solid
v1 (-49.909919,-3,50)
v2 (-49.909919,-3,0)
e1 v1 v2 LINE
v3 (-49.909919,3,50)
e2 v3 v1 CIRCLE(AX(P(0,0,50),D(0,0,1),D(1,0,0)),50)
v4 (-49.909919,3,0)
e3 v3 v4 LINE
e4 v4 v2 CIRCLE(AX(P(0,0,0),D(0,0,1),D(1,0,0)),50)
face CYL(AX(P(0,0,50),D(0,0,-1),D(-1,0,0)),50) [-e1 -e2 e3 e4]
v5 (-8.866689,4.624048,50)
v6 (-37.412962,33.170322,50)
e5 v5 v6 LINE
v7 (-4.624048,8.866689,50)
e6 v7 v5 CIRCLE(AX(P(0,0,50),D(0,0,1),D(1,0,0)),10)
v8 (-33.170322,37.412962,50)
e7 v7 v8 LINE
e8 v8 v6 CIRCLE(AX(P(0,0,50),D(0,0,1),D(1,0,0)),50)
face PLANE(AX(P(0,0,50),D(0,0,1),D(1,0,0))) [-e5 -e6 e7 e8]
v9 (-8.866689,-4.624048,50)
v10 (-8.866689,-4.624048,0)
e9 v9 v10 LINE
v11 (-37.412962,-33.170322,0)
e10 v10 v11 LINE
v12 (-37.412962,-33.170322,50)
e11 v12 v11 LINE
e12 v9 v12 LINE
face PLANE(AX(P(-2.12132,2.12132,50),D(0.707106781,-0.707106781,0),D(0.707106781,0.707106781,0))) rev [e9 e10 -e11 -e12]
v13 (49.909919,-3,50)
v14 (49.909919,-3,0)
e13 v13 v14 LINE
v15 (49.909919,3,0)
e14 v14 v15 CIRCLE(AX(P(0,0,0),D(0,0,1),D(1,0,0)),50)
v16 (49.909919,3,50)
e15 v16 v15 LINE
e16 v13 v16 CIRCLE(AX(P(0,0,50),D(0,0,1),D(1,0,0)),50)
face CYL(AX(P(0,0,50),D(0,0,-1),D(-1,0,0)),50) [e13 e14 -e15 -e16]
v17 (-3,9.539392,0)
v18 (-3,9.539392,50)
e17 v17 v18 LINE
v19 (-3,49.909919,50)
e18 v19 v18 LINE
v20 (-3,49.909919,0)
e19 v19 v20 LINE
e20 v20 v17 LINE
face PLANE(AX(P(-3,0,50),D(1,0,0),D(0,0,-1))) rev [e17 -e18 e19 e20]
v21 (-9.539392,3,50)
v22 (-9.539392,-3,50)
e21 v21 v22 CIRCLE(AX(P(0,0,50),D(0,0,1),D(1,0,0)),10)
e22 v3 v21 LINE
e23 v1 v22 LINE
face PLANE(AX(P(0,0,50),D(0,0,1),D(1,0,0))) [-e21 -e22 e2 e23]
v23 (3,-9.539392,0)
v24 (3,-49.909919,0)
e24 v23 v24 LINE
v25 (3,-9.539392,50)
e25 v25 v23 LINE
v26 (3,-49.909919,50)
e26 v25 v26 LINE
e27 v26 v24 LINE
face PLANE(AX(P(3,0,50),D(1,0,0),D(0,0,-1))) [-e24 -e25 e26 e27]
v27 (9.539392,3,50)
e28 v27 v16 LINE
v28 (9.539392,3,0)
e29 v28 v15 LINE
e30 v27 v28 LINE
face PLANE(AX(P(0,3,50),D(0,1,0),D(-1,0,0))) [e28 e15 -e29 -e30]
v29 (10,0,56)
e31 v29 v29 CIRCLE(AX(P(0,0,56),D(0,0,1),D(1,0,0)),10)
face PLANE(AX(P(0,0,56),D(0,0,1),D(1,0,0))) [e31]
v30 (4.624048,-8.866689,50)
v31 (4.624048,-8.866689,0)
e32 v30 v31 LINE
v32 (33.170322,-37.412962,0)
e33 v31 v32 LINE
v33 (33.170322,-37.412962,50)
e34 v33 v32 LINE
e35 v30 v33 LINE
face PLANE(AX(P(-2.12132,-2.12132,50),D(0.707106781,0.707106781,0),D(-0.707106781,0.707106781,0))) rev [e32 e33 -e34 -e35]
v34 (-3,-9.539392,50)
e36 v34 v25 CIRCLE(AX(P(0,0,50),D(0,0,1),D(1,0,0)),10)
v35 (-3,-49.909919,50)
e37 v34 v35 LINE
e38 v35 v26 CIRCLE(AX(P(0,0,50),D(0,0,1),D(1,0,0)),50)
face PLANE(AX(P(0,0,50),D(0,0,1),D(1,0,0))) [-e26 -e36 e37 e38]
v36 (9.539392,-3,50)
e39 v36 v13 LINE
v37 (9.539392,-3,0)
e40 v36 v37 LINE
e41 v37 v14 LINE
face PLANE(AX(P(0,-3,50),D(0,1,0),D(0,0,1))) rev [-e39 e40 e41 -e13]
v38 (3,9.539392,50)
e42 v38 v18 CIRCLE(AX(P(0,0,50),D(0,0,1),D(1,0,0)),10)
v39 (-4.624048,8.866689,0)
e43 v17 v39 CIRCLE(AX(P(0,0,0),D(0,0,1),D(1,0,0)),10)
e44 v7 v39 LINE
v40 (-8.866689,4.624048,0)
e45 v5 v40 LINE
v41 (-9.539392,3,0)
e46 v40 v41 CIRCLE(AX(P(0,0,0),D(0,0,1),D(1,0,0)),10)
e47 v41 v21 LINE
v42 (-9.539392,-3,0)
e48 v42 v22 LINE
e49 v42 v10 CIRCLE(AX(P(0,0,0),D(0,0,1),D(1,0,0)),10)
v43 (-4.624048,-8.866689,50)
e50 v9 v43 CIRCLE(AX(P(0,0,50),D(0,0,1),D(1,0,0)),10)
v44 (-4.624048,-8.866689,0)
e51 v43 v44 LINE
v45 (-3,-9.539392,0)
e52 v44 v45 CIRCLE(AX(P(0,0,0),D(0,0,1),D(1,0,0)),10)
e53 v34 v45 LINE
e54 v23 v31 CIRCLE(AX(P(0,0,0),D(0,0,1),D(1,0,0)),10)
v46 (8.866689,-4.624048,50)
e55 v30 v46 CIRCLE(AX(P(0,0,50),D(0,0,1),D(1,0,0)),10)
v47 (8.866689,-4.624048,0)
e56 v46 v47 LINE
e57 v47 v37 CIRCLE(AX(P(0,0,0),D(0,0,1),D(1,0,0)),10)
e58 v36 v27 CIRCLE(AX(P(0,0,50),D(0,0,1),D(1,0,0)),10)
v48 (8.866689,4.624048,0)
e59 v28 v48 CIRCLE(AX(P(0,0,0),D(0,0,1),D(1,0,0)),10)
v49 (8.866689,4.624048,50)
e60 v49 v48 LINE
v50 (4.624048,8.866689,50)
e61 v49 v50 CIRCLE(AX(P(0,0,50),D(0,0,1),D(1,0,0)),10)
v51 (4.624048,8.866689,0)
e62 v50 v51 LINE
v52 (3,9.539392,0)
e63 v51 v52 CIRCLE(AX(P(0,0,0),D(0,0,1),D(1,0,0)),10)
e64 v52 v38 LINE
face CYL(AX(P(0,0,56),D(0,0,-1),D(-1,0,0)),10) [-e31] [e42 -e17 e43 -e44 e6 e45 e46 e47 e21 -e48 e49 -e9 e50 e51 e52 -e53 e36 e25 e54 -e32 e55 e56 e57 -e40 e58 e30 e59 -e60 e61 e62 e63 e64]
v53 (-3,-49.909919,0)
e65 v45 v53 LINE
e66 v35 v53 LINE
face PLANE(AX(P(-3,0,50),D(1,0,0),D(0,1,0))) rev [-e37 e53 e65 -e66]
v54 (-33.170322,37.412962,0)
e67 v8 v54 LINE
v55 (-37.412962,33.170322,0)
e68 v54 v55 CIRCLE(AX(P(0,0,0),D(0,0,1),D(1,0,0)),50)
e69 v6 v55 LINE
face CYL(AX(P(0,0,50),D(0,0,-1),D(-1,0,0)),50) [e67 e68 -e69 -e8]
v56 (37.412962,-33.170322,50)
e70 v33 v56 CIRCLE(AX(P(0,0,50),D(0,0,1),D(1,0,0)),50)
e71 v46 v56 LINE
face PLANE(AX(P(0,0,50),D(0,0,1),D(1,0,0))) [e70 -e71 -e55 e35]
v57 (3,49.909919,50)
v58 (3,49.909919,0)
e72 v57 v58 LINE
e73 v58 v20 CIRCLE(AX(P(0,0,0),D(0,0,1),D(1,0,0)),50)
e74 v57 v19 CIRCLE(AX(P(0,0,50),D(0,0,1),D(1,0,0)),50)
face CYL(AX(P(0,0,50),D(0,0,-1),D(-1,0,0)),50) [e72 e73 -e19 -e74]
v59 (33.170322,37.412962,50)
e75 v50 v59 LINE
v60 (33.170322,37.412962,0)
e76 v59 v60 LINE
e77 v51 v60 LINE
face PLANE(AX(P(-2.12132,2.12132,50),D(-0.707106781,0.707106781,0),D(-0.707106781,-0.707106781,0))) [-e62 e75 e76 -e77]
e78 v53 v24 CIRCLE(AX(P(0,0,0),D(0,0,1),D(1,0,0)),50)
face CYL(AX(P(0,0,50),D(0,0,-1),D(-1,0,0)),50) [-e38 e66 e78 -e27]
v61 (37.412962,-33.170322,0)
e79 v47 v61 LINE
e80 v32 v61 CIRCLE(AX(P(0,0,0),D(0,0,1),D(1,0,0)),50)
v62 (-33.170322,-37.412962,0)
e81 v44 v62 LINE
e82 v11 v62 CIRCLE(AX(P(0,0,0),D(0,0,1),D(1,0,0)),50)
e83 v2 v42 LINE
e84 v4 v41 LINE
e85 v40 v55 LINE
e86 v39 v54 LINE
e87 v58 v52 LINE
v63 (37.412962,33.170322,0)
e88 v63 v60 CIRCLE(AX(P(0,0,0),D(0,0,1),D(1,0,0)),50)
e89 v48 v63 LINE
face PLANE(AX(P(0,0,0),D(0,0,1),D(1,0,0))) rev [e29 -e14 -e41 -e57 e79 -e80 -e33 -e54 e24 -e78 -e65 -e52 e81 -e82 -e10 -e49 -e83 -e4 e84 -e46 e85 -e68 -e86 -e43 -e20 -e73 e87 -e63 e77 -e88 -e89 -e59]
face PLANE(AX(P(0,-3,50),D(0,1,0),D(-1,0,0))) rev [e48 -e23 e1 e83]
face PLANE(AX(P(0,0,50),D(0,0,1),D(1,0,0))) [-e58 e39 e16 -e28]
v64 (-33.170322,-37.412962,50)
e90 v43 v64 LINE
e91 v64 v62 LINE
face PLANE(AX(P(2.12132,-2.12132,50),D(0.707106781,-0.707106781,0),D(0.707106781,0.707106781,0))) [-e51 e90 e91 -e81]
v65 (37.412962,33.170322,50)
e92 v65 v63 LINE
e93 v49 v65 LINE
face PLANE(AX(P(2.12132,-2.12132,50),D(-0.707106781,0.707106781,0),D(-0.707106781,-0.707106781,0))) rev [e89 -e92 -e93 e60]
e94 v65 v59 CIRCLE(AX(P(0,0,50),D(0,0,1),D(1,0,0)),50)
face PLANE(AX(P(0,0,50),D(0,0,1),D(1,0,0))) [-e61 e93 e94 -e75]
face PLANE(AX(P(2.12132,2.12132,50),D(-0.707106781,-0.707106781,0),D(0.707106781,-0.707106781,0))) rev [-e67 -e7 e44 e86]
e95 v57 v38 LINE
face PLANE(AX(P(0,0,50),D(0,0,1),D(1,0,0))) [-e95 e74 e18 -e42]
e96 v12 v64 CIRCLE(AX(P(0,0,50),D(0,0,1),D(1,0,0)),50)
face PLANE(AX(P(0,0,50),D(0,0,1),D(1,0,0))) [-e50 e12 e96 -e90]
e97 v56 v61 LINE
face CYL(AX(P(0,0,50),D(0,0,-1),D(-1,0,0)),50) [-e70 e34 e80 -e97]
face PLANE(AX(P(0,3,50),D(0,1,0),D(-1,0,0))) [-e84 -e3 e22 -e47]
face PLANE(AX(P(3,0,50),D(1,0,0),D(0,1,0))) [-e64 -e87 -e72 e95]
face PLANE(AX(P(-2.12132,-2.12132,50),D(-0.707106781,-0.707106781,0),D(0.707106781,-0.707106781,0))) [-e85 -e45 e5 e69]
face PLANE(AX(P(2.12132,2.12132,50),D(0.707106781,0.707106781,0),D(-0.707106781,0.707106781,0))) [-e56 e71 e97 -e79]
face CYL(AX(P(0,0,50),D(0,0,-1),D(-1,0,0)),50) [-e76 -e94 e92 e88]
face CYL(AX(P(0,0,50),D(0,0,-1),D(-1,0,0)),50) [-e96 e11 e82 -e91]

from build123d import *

# Parameters (mm, degrees)
BOSS_EXTRUDE1_DEPTH = 50
SKETCH2_R           = 10
BOSS_EXTRUDE3_DEPTH = 6
BOSS_EXTRUDE4_START = -50
SKETCH2_2_R         = 10
BOSS_EXTRUDE4_DEPTH = 50


with BuildPart() as part:
    # Sketch1 → Boss-Extrude1 (new body)
    with BuildSketch(Plane.XY):
        with BuildLine():
            ThreePointArc((3, 49.909918854), (0, 50), (-3, 49.909918854))
            Line((-3, 49.909918854), (-3, 7.242640687))
            Line((-3, 7.242640687), (-33.170321726, 37.412962414))
            ThreePointArc((-33.170321726, 37.412962414), (-35.355339059, 35.355339059), (-37.412962414, 33.170321726))
            Line((-37.412962414, 33.170321726), (-7.242640687, 3))
            Line((-7.242640687, 3), (-49.909918854, 3))
            ThreePointArc((-49.909918854, 3), (-50, 0), (-49.909918854, -3))
            Line((-49.909918854, -3), (-7.242640687, -3))
            Line((-7.242640687, -3), (-37.412962414, -33.170321726))
            ThreePointArc((-37.412962414, -33.170321726), (-35.355339059, -35.355339059), (-33.170321726, -37.412962414))
            Line((-33.170321726, -37.412962414), (-3, -7.242640687))
            Line((-3, -7.242640687), (-3, -49.909918854))
            ThreePointArc((-3, -49.909918854), (0, -50), (3, -49.909918854))
            Line((3, -49.909918854), (3, -7.242640687))
            Line((3, -7.242640687), (33.170321726, -37.412962414))
            ThreePointArc((33.170321726, -37.412962414), (35.355339059, -35.355339059), (37.412962414, -33.170321726))
            Line((37.412962414, -33.170321726), (7.242640687, -3))
            Line((7.242640687, -3), (49.909918854, -3))
            ThreePointArc((49.909918854, -3), (49.97747464, -1.500676065), (50, 0))
            ThreePointArc((50, 0), (49.97747464, 1.500676065), (49.909918854, 3))
            Line((49.909918854, 3), (7.242640687, 3))
            Line((7.242640687, 3), (37.412962414, 33.170321726))
            ThreePointArc((37.412962414, 33.170321726), (35.355339059, 35.355339059), (33.170321726, 37.412962414))
            Line((33.170321726, 37.412962414), (3, 7.242640687))
            Line((3, 7.242640687), (3, 49.909918854))
        make_face()
    extrude(amount=BOSS_EXTRUDE1_DEPTH)

    # Sketch2 → Boss-Extrude3 (add)
    with BuildSketch(Plane.XY.offset(50)):
        Circle(SKETCH2_R)
    extrude(amount=BOSS_EXTRUDE3_DEPTH)

    # Sketch2<2> → Boss-Extrude4 (add)
    with BuildSketch(Plane.XY.offset(50).offset(BOSS_EXTRUDE4_START)):
        Circle(SKETCH2_2_R)
    extrude(amount=BOSS_EXTRUDE4_DEPTH)


solid = part.part
